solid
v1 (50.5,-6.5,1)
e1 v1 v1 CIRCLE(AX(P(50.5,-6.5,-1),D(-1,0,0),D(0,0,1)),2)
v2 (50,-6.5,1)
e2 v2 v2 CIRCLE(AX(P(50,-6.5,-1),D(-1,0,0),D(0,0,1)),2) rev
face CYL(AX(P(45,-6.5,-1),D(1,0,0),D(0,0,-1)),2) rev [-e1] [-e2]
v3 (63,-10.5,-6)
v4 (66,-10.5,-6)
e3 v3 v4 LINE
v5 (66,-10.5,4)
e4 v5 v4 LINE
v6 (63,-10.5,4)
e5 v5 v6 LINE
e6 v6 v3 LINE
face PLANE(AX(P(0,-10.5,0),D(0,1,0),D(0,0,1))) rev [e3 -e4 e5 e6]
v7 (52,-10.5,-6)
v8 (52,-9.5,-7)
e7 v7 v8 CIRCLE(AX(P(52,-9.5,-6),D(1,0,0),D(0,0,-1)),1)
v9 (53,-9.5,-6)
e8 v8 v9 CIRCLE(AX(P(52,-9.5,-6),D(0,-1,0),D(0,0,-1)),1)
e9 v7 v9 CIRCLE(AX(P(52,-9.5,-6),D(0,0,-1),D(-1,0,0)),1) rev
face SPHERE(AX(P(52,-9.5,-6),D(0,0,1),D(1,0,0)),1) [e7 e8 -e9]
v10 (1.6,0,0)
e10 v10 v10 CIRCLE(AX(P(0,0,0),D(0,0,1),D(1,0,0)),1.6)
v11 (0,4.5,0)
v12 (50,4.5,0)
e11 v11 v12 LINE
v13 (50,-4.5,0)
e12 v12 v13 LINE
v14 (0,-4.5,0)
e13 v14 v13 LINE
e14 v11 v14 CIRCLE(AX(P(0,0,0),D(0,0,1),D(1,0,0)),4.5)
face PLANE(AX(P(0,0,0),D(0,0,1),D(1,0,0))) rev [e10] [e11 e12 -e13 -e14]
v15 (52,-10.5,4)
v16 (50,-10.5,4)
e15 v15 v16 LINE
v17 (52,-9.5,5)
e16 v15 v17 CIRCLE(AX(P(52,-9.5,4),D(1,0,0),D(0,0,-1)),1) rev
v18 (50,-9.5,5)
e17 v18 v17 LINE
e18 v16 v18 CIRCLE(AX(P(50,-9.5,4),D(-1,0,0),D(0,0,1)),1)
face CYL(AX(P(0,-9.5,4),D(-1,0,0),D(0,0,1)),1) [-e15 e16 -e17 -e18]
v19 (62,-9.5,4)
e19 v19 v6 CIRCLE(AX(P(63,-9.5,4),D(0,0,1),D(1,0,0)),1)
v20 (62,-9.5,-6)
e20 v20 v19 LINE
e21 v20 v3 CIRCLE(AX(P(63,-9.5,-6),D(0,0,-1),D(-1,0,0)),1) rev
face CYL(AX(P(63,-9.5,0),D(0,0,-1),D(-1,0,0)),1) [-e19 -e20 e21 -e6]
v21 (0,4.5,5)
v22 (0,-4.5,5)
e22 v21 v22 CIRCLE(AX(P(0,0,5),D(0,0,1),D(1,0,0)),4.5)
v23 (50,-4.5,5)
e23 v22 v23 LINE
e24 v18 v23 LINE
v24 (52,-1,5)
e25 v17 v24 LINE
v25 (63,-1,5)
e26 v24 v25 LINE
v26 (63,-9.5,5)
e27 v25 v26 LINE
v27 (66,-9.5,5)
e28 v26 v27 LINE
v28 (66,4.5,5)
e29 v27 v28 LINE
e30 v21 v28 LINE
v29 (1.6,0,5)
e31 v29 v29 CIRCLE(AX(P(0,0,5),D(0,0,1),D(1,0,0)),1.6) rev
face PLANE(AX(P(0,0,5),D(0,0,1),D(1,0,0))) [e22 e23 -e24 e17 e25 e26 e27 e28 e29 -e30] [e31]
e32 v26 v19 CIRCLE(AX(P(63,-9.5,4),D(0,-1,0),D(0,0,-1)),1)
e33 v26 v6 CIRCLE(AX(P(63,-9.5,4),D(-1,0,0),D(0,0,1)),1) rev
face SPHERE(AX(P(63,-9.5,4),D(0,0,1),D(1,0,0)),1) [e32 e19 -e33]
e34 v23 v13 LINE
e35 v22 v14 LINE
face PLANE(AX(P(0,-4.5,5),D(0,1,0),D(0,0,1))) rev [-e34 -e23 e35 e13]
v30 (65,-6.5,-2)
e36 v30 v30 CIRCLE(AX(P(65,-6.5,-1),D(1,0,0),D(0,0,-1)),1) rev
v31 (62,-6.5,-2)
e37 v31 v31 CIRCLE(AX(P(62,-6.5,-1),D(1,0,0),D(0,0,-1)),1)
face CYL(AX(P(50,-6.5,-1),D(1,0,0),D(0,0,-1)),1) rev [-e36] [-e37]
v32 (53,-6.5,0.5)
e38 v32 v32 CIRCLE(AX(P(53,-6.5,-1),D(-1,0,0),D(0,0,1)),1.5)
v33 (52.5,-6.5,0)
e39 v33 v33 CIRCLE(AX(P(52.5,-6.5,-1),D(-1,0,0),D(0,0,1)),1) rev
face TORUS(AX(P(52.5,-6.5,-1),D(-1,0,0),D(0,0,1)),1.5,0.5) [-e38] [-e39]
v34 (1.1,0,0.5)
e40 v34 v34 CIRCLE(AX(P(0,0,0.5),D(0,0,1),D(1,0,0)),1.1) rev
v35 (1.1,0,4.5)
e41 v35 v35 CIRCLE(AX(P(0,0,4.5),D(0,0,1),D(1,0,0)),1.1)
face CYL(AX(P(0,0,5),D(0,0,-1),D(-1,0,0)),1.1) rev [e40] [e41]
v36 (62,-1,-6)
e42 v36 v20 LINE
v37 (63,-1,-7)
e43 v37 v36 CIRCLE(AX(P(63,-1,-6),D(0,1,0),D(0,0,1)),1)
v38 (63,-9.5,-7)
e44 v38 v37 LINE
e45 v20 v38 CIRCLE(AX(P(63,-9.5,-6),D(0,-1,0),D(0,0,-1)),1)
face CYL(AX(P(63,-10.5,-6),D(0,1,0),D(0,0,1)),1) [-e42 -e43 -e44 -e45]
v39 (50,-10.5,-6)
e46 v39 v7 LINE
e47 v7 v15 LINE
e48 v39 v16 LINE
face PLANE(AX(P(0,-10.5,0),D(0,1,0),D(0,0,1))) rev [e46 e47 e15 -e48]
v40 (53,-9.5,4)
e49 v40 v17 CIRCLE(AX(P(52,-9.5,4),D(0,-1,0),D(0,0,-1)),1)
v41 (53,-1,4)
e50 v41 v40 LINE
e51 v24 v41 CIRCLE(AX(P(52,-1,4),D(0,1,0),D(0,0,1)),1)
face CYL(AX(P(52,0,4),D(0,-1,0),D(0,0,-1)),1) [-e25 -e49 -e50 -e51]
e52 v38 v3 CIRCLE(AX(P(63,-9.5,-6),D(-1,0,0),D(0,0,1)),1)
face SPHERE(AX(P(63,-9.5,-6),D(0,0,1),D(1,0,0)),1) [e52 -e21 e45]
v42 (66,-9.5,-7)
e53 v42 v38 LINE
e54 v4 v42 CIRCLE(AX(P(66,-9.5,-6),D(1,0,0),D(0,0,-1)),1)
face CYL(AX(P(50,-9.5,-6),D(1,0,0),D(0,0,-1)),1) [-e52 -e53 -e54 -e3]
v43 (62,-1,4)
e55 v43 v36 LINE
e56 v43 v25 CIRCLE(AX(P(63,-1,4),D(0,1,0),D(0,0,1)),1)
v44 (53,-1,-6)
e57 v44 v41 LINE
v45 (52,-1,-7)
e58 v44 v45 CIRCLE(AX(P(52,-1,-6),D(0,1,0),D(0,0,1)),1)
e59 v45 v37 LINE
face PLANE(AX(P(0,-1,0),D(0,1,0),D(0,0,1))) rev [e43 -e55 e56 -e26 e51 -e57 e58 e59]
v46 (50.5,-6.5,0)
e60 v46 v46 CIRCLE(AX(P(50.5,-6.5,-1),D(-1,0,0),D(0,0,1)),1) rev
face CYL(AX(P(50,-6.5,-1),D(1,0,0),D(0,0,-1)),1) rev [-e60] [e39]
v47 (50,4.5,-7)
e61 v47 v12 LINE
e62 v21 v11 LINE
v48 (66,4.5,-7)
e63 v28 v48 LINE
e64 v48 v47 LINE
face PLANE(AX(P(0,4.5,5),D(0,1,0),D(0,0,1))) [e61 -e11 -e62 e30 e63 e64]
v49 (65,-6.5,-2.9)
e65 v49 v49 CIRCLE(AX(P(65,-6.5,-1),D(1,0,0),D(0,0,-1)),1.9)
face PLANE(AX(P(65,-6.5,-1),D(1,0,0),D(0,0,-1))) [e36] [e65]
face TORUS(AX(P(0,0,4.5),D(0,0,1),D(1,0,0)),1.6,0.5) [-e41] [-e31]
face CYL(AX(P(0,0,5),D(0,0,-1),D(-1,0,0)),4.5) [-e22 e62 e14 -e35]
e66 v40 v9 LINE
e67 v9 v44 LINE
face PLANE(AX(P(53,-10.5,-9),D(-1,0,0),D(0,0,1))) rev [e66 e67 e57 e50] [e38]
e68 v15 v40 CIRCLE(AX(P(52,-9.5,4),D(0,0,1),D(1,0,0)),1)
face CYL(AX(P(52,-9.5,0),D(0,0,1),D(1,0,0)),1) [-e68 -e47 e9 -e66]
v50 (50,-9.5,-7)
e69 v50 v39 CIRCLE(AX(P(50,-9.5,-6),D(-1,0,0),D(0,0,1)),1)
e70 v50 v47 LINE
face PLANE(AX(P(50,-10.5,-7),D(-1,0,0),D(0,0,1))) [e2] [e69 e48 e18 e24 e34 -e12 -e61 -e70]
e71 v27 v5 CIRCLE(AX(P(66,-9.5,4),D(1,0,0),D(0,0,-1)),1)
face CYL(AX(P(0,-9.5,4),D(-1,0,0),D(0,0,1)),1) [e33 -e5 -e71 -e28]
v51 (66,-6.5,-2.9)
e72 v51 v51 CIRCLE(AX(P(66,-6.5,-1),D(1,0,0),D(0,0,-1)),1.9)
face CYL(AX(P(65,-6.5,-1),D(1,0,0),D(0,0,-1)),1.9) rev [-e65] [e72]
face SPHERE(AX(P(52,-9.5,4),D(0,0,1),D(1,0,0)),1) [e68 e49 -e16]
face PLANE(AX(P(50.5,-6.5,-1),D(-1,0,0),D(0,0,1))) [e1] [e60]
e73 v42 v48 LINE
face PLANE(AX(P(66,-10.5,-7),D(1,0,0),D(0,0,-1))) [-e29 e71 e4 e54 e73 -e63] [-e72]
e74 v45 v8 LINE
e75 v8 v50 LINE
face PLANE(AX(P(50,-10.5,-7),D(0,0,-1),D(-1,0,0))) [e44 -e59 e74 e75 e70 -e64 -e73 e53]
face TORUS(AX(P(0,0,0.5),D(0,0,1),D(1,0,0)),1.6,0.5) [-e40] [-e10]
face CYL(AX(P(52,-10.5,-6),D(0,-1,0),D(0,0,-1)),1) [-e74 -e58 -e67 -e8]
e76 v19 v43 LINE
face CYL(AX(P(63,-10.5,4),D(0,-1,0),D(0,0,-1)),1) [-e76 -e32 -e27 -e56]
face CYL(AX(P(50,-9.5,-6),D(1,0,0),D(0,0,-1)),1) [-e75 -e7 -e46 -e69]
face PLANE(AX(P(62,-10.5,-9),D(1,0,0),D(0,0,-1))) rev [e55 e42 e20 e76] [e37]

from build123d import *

# Parameters (mm, degrees)
SKETCH1_R           = 1.1
BOSS_EXTRUDE1_DEPTH = 5
SKETCH2_W           = 16
SKETCH2_H           = 12
BOSS_EXTRUDE2_DEPTH = 15
CUT_EXTRUDE1_START  = -5.5
SKETCH3_W           = 9
SKETCH3_H           = 14
CUT_EXTRUDE1_DEPTH  = 9.5
SKETCH4_R           = 1
CUT_EXTRUDE2_DEPTH  = 16
FILLET2_R           = 0.5
SKETCH5_R           = 1.9
CUT_EXTRUDE3_DEPTH  = 1
FILLET3_R           = 1
CUT_EXTRUDE4_START  = -0.5
SKETCH6_R           = 2
CUT_EXTRUDE4_DEPTH  = 5.5
FILLET4_R           = 0.5


with BuildPart() as part:
    # Sketch1 → Boss-Extrude1 (new body)
    with BuildSketch(Plane.XY):
        with BuildLine():
            ThreePointArc((0, 4.5), (-4.5, 0), (0, -4.5))
            Line((0, -4.5), (50, -4.5))
            Line((50, -4.5), (50, 4.5))
            Line((50, 4.5), (0, 4.5))
        make_face()
        Circle(SKETCH1_R, mode=Mode.SUBTRACT)
    extrude(amount=BOSS_EXTRUDE1_DEPTH)

    # Sketch2 → Boss-Extrude2 (add)
    with BuildSketch(Plane(origin=(0, 4.5, 0), x_dir=(1, 0, 0), z_dir=(0, 1, 0))):
        with Locations((58, 1)):
            Rectangle(SKETCH2_W, SKETCH2_H)
    extrude(amount=-BOSS_EXTRUDE2_DEPTH)

    # Sketch3 → Cut-Extrude1 (cut)
    with BuildSketch(Plane(origin=(0, 4.5, 0), x_dir=(1, 0, 0), z_dir=(0, 1, 0)).offset(CUT_EXTRUDE1_START)):
        with Locations((57.5, 2)):
            Rectangle(SKETCH3_W, SKETCH3_H)
    extrude(amount=-CUT_EXTRUDE1_DEPTH, mode=Mode.SUBTRACT)

    # Sketch4 → Cut-Extrude2 (cut)
    with BuildSketch(Plane(origin=(66, 0, 0), x_dir=(0, 0, -1), z_dir=(1, 0, 0))):
        with Locations((1, -6.5)):
            Circle(SKETCH4_R)
    extrude(amount=-CUT_EXTRUDE2_DEPTH, mode=Mode.SUBTRACT)

    # Fillet2
    fillet2_edges = [part.edges().sort_by_distance(p)[0] for p in [
        (53, -6.5, 0),
    ]]
    fillet(fillet2_edges, radius=FILLET2_R)

    # Sketch5 → Cut-Extrude3 (cut)
    with BuildSketch(Plane(origin=(66, 0, 0), x_dir=(0, 0, -1), z_dir=(1, 0, 0))):
        with Locations((1, -6.5)):
            Circle(SKETCH5_R)
    extrude(amount=-CUT_EXTRUDE3_DEPTH, mode=Mode.SUBTRACT)

    # Fillet3
    fillet3_edges = [part.edges().sort_by_distance(p)[0] for p in [
        (53, -10.5, -1),
        (51.5, -10.5, 5),
        (53, -5.75, 5),
        (53, -5.75, -7),
        (51.5, -10.5, -7),
        (64, -10.5, 5),
        (62, -5.75, -7),
        (62, -5.75, 5),
        (64, -10.5, -7),
        (62, -10.5, -1),
    ]]
    fillet(fillet3_edges, radius=FILLET3_R)

    # Sketch6 → Cut-Extrude4 (cut)
    with BuildSketch(Plane.ZY.offset(-50).offset(CUT_EXTRUDE4_START)):
        with Locations((-1, -6.5)):
            Circle(SKETCH6_R)
    extrude(amount=CUT_EXTRUDE4_DEPTH, mode=Mode.SUBTRACT)

    # Fillet4
    fillet4_edges = [part.edges().sort_by_distance(p)[0] for p in [
        (-1.1, 0, 5),
        (-1.1, 0, 0),
    ]]
    fillet(fillet4_edges, radius=FILLET4_R)


solid = part.part
